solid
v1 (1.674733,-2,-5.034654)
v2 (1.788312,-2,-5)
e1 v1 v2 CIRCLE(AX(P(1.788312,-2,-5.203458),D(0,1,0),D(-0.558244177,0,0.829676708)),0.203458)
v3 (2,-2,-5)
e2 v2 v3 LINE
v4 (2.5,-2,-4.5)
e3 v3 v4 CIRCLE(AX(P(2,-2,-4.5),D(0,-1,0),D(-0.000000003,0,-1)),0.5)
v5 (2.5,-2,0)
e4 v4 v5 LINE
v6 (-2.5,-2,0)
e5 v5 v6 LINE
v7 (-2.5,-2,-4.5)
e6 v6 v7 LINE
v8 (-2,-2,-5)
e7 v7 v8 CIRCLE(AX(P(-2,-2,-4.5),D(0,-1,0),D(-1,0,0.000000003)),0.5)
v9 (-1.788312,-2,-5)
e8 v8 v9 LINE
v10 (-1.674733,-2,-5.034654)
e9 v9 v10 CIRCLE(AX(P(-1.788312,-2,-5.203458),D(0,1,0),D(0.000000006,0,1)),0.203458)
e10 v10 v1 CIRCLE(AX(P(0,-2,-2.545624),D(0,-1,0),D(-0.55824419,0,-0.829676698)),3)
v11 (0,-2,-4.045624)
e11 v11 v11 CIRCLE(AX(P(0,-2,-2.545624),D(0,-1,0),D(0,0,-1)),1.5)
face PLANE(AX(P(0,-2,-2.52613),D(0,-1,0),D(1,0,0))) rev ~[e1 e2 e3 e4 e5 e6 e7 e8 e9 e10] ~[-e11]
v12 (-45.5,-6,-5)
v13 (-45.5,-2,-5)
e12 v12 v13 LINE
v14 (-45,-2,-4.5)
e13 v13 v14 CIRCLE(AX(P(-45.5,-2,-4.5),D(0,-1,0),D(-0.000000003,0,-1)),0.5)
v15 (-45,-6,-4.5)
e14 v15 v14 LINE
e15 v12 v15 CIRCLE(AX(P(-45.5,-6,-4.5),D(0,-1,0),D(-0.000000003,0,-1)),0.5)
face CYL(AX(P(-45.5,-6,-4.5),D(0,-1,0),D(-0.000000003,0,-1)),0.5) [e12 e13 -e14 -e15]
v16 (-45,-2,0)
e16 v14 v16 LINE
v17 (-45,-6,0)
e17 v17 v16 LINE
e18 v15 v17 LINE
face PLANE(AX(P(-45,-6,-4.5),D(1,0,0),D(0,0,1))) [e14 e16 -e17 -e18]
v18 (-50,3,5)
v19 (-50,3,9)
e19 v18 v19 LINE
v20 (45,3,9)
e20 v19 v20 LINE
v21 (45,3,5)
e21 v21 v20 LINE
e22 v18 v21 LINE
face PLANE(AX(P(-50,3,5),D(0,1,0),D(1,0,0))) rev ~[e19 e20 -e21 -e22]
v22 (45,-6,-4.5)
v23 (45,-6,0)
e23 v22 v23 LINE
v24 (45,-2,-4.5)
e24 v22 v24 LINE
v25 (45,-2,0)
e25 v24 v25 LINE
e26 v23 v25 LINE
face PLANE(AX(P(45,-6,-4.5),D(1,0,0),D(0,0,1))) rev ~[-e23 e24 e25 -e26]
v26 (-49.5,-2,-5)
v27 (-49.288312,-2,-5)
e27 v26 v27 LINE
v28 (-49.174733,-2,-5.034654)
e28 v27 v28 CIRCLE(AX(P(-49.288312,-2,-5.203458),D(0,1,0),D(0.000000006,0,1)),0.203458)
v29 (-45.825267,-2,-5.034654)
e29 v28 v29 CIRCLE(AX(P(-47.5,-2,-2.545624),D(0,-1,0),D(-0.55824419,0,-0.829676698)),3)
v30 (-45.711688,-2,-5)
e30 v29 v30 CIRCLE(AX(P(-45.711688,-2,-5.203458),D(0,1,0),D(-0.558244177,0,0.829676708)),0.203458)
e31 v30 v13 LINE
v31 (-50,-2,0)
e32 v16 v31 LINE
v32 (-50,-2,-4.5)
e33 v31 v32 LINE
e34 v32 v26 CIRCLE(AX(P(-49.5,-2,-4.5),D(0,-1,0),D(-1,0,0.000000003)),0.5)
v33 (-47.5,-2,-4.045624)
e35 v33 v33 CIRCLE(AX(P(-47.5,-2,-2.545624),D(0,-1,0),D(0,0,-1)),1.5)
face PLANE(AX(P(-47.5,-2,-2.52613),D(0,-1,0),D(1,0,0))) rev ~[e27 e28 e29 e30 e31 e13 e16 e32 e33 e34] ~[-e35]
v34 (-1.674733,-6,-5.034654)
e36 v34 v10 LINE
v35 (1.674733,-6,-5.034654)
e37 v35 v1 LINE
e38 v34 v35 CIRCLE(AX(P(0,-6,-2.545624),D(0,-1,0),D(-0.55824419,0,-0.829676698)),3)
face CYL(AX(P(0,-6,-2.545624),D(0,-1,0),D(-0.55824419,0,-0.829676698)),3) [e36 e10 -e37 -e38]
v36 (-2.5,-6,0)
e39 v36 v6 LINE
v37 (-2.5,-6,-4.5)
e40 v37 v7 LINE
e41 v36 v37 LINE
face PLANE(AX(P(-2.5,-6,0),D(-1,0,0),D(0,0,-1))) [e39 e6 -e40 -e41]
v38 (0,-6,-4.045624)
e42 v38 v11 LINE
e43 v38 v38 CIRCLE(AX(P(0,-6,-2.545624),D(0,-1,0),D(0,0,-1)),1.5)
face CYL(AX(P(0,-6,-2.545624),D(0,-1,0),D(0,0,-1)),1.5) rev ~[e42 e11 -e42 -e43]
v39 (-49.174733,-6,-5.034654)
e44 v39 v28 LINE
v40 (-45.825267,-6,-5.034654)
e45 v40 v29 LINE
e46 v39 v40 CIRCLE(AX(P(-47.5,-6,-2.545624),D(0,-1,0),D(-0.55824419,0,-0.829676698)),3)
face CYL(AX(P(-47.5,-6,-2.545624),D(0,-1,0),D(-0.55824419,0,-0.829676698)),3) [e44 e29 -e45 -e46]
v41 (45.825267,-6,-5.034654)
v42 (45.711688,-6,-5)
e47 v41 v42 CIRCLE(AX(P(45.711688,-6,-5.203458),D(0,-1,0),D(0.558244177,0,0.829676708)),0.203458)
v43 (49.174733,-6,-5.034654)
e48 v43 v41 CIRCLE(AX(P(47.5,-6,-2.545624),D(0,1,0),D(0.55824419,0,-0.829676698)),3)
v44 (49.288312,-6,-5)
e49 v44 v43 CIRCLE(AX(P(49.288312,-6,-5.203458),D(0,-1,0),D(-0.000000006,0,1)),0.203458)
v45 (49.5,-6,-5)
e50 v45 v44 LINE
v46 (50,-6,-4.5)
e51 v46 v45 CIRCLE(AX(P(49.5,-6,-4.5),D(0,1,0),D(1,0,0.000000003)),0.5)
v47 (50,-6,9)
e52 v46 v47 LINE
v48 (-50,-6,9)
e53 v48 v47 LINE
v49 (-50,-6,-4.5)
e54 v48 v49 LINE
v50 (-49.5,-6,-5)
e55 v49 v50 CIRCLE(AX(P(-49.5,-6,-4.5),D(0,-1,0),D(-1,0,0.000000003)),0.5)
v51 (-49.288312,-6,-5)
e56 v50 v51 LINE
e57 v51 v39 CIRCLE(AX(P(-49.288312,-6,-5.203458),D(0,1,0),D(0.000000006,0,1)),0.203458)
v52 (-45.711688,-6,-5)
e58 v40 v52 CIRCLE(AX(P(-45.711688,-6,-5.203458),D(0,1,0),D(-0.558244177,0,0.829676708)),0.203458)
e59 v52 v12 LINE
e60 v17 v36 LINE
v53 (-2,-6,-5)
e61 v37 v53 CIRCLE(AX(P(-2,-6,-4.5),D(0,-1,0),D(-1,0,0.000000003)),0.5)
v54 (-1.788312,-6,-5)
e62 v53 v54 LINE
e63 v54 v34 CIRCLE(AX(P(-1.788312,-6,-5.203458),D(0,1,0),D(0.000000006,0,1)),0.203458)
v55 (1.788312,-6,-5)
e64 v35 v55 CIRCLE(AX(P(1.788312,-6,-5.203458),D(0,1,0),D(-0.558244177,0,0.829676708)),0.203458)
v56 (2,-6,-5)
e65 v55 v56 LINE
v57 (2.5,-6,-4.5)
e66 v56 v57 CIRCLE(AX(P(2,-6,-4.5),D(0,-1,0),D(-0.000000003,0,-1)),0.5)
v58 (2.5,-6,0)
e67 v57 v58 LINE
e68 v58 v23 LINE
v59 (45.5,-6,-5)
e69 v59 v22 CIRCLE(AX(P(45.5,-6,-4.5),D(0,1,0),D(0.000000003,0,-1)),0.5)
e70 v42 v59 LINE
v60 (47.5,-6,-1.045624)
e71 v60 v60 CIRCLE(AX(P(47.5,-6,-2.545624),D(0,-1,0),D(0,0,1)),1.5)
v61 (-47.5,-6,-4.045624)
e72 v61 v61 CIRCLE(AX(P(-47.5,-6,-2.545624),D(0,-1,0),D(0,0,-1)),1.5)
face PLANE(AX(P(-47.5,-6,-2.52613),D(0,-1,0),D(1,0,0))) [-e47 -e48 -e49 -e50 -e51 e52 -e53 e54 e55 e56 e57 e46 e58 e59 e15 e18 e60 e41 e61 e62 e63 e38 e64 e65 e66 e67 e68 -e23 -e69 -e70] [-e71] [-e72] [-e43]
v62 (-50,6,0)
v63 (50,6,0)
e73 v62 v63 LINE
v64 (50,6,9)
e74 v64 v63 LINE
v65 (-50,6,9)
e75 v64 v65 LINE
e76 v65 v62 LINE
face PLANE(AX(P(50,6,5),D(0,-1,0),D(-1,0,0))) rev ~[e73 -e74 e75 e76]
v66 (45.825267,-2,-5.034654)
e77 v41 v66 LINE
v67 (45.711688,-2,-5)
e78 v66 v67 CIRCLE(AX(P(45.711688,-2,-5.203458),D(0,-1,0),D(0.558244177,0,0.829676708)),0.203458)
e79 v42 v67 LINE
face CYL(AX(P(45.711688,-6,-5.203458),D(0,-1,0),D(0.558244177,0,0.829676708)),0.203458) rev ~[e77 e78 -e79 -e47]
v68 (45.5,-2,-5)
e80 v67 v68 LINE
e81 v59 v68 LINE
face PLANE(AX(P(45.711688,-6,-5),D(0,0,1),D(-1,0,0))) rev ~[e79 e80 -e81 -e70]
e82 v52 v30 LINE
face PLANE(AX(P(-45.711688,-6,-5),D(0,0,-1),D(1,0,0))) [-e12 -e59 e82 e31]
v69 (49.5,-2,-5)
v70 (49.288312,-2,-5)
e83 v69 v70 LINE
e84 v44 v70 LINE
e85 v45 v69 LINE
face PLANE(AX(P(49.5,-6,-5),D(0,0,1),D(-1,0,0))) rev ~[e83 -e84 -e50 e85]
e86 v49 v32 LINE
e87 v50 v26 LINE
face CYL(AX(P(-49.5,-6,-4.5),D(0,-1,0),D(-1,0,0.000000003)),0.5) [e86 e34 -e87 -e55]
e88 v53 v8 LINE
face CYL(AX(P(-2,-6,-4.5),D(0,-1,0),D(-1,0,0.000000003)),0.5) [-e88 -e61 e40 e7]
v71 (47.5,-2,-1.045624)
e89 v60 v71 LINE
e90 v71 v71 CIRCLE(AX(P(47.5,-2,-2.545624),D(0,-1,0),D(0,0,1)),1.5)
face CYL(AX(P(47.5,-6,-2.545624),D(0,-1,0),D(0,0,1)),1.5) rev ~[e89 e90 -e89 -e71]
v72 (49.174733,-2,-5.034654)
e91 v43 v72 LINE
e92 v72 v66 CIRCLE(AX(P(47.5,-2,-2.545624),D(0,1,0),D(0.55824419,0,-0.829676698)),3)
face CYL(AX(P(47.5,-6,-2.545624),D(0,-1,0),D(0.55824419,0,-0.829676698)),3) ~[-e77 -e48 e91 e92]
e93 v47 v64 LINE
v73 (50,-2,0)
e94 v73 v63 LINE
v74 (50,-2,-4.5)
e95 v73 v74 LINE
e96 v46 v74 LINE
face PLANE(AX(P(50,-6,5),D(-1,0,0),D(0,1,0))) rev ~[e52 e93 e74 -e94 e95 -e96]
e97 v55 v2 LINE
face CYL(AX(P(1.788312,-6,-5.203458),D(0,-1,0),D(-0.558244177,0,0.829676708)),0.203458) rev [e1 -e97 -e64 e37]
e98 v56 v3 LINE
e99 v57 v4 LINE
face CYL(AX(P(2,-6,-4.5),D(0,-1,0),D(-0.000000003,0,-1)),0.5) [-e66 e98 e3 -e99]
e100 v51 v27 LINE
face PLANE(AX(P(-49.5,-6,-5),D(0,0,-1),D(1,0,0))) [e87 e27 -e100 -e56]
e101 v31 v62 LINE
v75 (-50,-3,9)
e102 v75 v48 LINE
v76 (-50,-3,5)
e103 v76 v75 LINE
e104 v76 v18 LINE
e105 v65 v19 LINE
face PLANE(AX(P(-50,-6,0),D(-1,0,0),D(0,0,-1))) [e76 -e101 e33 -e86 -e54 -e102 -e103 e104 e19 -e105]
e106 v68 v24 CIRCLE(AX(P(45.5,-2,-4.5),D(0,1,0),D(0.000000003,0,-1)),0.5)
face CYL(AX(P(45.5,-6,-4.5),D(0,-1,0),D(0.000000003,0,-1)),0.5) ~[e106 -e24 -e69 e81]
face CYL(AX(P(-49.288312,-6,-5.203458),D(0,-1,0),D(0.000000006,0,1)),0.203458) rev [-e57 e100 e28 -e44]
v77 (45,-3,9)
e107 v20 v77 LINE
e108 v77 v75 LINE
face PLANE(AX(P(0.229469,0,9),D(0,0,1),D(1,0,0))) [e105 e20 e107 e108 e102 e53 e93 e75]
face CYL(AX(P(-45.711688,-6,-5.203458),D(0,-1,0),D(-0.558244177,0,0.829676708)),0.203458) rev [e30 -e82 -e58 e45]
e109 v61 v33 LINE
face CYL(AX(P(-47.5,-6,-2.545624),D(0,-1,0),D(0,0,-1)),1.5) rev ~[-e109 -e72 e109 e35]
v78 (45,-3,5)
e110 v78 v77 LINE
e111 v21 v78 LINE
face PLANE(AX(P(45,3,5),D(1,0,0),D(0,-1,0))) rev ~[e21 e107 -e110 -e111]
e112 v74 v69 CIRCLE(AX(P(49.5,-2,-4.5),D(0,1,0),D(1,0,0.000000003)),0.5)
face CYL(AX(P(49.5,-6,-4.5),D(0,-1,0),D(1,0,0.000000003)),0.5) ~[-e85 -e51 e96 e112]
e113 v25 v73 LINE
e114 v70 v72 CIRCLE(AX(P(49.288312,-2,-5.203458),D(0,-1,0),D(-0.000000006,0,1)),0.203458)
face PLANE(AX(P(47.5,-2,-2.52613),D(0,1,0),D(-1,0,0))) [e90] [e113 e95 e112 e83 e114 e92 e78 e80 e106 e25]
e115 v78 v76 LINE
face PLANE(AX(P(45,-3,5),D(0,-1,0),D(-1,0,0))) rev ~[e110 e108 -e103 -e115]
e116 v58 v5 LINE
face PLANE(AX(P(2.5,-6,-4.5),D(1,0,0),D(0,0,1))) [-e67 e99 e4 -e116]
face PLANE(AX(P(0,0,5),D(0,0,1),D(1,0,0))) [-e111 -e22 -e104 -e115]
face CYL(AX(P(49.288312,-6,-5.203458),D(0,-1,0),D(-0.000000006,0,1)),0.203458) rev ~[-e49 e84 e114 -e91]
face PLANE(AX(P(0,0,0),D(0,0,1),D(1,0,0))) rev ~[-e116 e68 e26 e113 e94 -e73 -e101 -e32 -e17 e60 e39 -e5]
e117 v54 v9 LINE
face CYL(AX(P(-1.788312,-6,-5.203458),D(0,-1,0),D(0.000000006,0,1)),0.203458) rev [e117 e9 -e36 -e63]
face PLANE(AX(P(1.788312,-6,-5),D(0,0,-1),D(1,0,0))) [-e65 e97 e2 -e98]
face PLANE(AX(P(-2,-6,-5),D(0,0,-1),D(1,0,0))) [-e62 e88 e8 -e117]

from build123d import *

# Parameters (mm, degrees)
ESQUISSE1_W        = 100
ESQUISSE1_H        = 12
BOSS_EXTRU_1_DEPTH = 5
BOSS_EXTRU_2_DEPTH = 4
ESQUISSE3_R        = 1.5
BOSS_EXTRU_3_DEPTH = 4


with BuildPart() as part:
    # Esquisse1 → Boss.-Extru.1 (new body)
    with BuildSketch(Plane.XY):
        Rectangle(ESQUISSE1_W, ESQUISSE1_H)
    extrude(amount=BOSS_EXTRU_1_DEPTH)

    # Esquisse2 → Boss.-Extru.2 (add)
    with BuildSketch(Plane.XY.offset(5)):
        Polygon((-50, 3), (45, 3), (45, -3), (-50, -3), (-50, -6), (50, -6), (50, 6), (-50, 6), align=None)
    extrude(amount=BOSS_EXTRU_2_DEPTH)

    # Esquisse3 → Boss.-Extru.3 (add)
    # profile 1 of 3: a face of its own
    with BuildSketch(Plane.XZ.offset(6)):
        with BuildLine():
            Line((-45.71168799, -5), (-45.5, -5))
            ThreePointArc((-45.5, -5), (-45.146446609, -4.853553391), (-45, -4.5))
            Line((-45, -4.5), (-45, 0))
            Line((-45, 0), (-50, 0))
            Line((-50, 0), (-50, -4.5))
            ThreePointArc((-50, -4.5), (-49.853553391, -4.853553391), (-49.5, -5))
            Line((-49.5, -5), (-49.28831201, -5))
            ThreePointArc((-49.28831201, -5), (-49.22893784, -5.008856171), (-49.174732569, -5.034653697))
            ThreePointArc((-49.174732569, -5.034653697), (-47.5, -5.545623601), (-45.825267431, -5.034653697))
            ThreePointArc((-45.825267431, -5.034653697), (-45.77106216, -5.008856171), (-45.71168799, -5))
        make_face()
        with Locations(Location((-47.5, -2.545623601, 0), (0, 0, 270))):
            Circle(ESQUISSE3_R, mode=Mode.SUBTRACT)
    # profile 2 of 3: a face of its own
    with BuildSketch(Plane.XZ.offset(6)):
        with BuildLine():
            Line((49.5, -5), (49.28831201, -5))
            ThreePointArc((49.28831201, -5), (49.22893784, -5.008856171), (49.174732569, -5.034653697))
            ThreePointArc((49.174732569, -5.034653697), (47.5, -5.545623601), (45.825267431, -5.034653697))
            ThreePointArc((45.825267431, -5.034653697), (45.77106216, -5.008856171), (45.71168799, -5))
            Line((45.71168799, -5), (45.5, -5))
            ThreePointArc((45.5, -5), (45.146446609, -4.853553391), (45, -4.5))
            Line((45, -4.5), (45, 0))
            Line((45, 0), (50, 0))
            Line((50, 0), (50, -4.5))
            ThreePointArc((50, -4.5), (49.853553391, -4.853553391), (49.5, -5))
        make_face()
        with Locations(Location((47.5, -2.545623601, 0), (0, 0, 90))):
            Circle(ESQUISSE3_R, mode=Mode.SUBTRACT)
    # profile 3 of 3: a face of its own
    with BuildSketch(Plane.XZ.offset(6)):
        with BuildLine():
            Line((-2.5, 0), (-2.5, -4.5))
            ThreePointArc((-2.5, -4.5), (-2.353553391, -4.853553391), (-2, -5))
            Line((-2, -5), (-1.78831201, -5))
            ThreePointArc((-1.78831201, -5), (-1.72893784, -5.008856171), (-1.674732569, -5.034653697))
            ThreePointArc((-1.674732569, -5.034653697), (0, -5.545623601), (1.674732569, -5.034653697))
            ThreePointArc((1.674732569, -5.034653697), (1.72893784, -5.008856171), (1.78831201, -5))
            Line((1.78831201, -5), (2, -5))
            ThreePointArc((2, -5), (2.353553391, -4.853553391), (2.5, -4.5))
            Line((2.5, -4.5), (2.5, 0))
            Line((2.5, 0), (-2.5, 0))
        make_face()
        with Locations(Location((0, -2.545623601, 0), (0, 0, 270))):
            Circle(ESQUISSE3_R, mode=Mode.SUBTRACT)
    extrude(amount=-BOSS_EXTRU_3_DEPTH)


solid = part.part
